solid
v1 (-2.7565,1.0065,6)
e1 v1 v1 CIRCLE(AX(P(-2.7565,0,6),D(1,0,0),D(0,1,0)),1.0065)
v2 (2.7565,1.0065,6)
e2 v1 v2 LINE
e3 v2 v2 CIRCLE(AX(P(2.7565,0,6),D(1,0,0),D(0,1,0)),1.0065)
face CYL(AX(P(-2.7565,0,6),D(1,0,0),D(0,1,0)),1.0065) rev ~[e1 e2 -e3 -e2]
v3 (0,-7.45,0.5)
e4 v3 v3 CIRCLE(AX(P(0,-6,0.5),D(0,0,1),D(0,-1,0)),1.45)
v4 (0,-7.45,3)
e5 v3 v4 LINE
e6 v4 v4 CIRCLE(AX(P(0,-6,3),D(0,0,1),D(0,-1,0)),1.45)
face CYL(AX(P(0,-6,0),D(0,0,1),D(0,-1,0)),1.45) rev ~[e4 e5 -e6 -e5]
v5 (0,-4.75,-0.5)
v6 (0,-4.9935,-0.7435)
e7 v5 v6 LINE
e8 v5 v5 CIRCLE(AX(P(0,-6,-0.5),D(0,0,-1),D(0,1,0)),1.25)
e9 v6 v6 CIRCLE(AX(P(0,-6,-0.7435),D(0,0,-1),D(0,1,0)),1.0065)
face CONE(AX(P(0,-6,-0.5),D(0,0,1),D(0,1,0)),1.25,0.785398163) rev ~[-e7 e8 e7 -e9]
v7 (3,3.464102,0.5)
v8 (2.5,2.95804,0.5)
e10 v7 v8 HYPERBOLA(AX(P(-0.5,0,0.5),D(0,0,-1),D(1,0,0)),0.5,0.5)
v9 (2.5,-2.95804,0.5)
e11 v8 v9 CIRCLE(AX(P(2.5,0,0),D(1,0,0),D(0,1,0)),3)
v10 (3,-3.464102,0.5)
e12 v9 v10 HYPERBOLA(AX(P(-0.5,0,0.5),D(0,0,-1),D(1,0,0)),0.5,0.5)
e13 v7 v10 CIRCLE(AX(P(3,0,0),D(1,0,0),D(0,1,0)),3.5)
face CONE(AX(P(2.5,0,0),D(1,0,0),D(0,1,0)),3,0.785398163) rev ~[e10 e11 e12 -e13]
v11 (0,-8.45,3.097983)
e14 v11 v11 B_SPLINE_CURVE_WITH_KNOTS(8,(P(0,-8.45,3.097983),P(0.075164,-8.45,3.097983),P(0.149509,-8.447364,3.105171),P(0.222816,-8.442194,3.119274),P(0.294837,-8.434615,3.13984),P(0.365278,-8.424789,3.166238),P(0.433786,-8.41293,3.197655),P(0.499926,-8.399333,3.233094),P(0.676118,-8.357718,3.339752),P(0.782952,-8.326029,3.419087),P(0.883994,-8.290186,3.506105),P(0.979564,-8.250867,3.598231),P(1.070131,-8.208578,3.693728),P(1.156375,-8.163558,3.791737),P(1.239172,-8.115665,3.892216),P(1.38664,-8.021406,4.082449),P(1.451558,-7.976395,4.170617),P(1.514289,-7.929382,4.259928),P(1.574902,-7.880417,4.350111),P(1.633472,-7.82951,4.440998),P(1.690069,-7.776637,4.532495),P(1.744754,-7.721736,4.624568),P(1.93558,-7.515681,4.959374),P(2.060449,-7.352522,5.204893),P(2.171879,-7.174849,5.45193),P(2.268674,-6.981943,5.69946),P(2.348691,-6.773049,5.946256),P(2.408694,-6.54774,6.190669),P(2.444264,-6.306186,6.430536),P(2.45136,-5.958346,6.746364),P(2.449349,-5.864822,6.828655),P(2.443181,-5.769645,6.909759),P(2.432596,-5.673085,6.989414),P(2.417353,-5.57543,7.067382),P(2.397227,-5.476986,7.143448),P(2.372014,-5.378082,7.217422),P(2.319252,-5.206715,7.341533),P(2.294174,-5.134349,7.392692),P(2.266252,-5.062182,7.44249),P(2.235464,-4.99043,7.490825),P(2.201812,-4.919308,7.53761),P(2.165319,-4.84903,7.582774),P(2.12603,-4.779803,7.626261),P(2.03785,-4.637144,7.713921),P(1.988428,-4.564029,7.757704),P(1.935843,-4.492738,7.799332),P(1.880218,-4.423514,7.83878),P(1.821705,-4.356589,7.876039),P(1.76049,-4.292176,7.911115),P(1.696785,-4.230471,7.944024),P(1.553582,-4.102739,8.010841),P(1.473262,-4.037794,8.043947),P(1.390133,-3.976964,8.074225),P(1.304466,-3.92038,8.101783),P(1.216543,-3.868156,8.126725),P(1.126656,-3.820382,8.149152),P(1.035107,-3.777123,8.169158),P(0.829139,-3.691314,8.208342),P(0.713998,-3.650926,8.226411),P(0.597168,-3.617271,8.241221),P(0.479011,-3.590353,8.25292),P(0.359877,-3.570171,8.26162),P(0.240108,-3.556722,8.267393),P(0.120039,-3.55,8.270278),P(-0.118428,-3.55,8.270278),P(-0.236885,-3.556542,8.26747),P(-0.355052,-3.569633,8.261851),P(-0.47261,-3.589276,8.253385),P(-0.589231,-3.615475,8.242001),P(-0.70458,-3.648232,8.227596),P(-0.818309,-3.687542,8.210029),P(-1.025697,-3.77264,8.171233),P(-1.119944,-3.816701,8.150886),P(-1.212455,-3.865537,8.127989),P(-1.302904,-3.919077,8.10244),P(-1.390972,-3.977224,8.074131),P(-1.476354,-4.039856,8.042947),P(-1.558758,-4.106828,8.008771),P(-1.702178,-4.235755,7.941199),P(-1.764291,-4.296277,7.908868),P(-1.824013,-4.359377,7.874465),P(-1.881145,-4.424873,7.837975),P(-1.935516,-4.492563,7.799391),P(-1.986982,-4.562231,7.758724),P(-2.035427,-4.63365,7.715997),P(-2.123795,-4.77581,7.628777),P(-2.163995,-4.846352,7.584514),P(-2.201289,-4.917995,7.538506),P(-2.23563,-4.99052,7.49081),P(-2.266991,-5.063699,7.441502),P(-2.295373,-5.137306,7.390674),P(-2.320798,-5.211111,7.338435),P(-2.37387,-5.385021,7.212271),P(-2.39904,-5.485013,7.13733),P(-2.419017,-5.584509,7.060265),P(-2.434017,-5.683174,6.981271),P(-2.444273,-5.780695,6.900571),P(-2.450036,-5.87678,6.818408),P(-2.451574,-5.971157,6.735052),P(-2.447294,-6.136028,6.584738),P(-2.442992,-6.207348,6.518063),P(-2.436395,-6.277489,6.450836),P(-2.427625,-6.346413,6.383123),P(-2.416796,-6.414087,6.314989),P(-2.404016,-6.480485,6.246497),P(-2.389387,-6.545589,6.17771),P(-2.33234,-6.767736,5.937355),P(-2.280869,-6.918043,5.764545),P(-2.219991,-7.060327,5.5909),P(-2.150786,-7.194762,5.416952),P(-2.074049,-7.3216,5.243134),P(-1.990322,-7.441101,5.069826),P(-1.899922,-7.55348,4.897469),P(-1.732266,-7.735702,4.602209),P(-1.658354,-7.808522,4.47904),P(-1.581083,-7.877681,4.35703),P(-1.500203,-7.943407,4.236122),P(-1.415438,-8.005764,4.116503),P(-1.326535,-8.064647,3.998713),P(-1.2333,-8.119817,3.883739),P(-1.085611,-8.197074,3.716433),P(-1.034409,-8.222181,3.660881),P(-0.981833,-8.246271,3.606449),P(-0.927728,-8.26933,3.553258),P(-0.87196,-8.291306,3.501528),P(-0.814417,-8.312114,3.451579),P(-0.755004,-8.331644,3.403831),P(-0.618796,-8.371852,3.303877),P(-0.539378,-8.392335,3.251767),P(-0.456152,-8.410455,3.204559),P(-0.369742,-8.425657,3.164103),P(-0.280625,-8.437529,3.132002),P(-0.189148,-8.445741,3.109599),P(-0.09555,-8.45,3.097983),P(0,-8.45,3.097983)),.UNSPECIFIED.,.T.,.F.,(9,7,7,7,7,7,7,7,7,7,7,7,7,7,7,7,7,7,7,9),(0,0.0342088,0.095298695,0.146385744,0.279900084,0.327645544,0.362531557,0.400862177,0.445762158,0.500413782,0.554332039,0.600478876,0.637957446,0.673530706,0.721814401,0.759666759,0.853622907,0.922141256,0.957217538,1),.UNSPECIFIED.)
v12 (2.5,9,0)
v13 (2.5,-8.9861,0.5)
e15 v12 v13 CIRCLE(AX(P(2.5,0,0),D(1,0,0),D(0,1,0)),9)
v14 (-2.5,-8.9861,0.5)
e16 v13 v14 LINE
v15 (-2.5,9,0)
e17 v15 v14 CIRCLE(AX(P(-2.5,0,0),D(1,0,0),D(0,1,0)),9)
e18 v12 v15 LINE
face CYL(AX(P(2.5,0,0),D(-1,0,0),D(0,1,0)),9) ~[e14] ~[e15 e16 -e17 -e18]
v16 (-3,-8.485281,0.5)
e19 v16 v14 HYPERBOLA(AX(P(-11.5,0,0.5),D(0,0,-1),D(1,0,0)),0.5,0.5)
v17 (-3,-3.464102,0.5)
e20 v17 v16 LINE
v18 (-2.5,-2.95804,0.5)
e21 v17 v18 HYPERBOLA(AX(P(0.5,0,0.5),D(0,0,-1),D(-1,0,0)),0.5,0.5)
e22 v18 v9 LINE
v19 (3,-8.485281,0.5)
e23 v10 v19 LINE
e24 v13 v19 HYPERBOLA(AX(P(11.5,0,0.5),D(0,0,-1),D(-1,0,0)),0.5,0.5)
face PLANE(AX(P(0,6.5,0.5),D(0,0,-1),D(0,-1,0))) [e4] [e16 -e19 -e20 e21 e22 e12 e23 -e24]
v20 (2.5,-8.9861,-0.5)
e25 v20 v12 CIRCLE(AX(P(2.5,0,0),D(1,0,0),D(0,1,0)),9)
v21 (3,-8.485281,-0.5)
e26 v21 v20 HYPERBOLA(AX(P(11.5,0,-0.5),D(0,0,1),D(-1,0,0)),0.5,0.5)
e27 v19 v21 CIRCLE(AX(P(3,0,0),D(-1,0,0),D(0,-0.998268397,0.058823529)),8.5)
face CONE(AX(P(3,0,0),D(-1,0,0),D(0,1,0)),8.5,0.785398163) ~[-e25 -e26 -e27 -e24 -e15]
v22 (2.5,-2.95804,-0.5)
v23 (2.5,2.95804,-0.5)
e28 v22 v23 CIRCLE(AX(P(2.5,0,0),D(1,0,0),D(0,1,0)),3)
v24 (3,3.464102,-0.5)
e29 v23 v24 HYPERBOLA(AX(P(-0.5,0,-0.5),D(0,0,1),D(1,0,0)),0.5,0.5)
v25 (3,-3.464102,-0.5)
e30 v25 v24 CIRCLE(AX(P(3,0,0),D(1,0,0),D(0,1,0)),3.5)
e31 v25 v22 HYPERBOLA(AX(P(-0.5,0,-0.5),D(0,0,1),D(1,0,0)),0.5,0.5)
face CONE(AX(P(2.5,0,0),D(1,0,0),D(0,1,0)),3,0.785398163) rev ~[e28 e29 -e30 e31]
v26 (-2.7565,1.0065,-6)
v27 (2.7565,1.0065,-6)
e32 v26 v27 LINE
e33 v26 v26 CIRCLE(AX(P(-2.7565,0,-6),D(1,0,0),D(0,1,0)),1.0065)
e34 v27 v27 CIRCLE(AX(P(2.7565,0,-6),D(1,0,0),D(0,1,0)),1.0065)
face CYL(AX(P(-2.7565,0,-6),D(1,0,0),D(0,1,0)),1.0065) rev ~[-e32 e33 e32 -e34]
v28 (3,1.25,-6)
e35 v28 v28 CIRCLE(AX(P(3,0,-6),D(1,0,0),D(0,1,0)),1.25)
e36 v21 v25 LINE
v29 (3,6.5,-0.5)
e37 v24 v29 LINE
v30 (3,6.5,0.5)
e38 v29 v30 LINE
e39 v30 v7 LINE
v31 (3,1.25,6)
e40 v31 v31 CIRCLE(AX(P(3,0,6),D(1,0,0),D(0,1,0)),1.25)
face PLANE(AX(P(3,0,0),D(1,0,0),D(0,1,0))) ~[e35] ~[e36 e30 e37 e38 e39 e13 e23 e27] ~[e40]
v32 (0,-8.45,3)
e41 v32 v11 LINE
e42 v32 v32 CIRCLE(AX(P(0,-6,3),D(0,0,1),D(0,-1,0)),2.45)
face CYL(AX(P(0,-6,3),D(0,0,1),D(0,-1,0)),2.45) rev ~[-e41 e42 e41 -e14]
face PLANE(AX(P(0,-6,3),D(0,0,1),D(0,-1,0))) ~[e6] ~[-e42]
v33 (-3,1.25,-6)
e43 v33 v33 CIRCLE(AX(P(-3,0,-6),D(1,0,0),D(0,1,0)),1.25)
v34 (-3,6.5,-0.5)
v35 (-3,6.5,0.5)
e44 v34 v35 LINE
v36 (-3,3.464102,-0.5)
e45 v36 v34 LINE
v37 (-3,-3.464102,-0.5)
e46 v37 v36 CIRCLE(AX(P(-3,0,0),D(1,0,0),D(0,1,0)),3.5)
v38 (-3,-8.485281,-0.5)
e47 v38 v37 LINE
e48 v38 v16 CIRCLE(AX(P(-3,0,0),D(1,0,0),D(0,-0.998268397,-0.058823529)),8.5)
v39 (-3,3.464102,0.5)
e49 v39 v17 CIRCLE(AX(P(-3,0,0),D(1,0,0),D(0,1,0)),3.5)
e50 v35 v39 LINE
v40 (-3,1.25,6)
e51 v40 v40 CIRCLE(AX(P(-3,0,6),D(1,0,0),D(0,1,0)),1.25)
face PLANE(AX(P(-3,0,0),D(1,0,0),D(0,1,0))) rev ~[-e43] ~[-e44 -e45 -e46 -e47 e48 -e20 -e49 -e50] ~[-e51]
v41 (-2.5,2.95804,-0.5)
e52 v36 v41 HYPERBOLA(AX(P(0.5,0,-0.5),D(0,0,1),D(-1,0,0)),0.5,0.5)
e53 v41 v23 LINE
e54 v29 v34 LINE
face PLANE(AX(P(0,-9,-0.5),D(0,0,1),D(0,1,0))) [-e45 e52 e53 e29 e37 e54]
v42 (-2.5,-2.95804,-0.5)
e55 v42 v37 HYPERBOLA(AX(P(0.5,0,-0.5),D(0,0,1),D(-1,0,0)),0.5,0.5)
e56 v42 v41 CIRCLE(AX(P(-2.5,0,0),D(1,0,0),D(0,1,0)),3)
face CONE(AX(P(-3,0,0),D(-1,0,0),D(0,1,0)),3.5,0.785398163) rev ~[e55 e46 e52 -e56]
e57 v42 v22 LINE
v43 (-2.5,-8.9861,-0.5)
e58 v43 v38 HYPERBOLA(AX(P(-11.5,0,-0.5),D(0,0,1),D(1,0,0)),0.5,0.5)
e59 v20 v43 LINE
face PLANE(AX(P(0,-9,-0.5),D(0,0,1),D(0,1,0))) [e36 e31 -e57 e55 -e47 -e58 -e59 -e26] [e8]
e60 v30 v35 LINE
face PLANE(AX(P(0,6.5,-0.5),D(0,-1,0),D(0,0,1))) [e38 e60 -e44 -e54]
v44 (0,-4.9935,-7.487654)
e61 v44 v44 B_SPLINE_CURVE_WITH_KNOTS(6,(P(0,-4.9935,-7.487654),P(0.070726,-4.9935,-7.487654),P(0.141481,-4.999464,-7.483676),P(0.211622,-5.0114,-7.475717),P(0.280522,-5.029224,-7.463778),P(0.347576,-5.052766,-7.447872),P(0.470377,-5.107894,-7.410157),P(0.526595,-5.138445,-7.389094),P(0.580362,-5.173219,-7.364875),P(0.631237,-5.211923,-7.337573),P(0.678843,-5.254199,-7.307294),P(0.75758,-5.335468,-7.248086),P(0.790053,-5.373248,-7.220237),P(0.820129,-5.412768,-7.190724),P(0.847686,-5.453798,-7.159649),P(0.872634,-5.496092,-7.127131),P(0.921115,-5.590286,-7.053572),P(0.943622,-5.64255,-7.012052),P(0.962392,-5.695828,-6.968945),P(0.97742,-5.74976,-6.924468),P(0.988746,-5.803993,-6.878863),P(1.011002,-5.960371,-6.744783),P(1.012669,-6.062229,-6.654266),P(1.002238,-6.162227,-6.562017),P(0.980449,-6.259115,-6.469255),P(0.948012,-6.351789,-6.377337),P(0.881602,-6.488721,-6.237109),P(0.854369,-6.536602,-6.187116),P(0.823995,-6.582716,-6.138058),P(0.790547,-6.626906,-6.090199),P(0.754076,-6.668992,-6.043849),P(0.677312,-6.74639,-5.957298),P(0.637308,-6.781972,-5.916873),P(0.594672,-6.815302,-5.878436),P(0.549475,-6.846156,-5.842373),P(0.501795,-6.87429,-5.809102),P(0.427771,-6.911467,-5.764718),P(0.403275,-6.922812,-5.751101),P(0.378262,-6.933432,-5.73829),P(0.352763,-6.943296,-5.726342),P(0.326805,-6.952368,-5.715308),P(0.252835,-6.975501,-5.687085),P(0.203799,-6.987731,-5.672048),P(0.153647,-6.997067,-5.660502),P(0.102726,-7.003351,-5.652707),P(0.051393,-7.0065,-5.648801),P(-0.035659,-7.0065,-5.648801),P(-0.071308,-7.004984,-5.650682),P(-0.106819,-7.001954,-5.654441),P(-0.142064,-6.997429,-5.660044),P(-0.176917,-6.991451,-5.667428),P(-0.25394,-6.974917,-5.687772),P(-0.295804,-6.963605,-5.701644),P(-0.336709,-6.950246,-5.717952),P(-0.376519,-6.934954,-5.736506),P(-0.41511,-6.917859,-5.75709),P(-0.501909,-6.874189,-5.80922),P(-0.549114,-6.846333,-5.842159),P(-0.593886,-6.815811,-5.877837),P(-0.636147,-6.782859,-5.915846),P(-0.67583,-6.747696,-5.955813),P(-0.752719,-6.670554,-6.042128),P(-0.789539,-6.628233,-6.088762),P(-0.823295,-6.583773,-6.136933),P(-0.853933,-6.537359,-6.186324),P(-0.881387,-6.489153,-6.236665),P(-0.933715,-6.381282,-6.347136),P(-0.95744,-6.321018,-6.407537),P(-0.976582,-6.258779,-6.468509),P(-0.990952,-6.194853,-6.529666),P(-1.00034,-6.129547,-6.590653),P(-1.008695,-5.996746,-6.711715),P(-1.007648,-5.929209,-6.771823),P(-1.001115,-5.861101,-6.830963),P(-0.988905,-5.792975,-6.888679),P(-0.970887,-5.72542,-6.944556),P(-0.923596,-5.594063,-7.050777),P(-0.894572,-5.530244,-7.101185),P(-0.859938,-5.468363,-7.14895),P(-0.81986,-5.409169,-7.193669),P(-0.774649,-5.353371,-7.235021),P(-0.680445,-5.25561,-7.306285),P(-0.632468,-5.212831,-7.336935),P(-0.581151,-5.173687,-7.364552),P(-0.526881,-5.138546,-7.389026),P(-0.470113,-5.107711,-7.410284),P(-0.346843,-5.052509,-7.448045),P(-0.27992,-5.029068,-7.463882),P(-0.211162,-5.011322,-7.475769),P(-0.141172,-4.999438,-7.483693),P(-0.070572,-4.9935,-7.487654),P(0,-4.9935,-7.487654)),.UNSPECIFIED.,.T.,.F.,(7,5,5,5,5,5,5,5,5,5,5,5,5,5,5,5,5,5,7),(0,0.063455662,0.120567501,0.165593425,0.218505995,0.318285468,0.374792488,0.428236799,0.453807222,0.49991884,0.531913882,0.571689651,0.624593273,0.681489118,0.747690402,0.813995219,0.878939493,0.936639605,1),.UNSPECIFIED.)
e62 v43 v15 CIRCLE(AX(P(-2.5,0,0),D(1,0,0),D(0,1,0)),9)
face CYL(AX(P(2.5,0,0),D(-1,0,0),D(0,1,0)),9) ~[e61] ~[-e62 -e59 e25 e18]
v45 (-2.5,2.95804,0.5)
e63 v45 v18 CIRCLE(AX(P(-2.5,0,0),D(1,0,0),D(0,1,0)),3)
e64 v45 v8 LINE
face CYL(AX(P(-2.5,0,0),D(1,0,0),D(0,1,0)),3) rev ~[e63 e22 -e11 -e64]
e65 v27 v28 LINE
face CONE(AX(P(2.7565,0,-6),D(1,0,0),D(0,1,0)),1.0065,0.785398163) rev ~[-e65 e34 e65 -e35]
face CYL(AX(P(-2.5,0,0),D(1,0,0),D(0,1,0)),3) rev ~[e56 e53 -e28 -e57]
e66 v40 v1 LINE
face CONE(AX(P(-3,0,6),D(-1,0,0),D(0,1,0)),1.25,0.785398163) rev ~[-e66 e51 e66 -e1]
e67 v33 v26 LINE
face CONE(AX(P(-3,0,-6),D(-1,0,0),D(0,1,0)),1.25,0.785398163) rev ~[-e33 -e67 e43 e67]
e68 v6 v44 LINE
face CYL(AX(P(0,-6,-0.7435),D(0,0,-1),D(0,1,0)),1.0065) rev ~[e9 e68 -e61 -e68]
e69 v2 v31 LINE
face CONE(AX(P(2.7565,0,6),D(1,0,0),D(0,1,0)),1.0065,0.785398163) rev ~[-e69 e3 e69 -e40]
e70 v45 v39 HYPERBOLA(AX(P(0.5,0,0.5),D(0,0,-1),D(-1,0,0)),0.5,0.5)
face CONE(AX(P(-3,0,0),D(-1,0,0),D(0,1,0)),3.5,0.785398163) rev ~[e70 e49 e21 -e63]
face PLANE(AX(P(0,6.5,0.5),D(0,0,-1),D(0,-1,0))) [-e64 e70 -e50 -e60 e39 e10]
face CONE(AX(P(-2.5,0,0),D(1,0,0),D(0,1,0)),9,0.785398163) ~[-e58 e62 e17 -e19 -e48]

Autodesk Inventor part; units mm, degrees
sketch "Sketch_1" plane through (0, 0, 0) normal (0, 0, 1) x (1, 0, 0)
  line L0 (3, 0) -> (-3, 0)
  line L1 (-3, 8.5) -> (-3, 3.5)
  line L2 (-3, 3.5) -> (-2.5, 3)
  line L3 (-2.5, 3) -> (2.5, 3)
  line L4 (2.5, 3) -> (3, 3.5)
  line L5 (3, 3.5) -> (3, 8.5)
  line L6 (3, 8.5) -> (2.5, 9)
  line L7 (2.5, 9) -> (-2.5, 9)
  line L8 (-2.5, 9) -> (-3, 8.5)
revolve "Revolution1" add sketch "Sketch_1" angle 360 about axis through (3, 0, 0) along (1, 0, 0)
sketch "Sketch_2" plane through (0, 0, 0) normal (1, 0, 0) x (0, 1, 0)
  line L0 (-9, 0.5) -> (-9, -0.5)
  line L1 (-9, -0.5) -> (6.5, -0.5)
  line L2 (6.5, -0.5) -> (6.5, 0.5)
  line L3 (6.5, 0.5) -> (-9, 0.5)
extrude "Extrusion1" cut sketch "Sketch_2" along normal mid plane 6
sketch "Sketch_3" plane through (0, 0, 0) normal (1, 0, 0) x (0, 1, 0)
  line L0 (-6, 9) -> (-6, 0)
  line L1 (-6, 0) -> (-7.45, 0)
  line L2 (-7.45, 0) -> (-7.45, 3)
  line L3 (-7.45, 3) -> (-8.45, 3)
  line L4 (-8.45, 3) -> (-8.45, 9)
  line L5 (-8.45, 9) -> (-6, 9)
  line L6 (-6, 9) -> (-6, 0)
revolve "Revolution2" cut sketch "Sketch_3" angle 360 about axis through (0, -6, 9) along (0, 0, 1)
sketch "Sketch_4" plane through (0, 0, 0) normal (1, 0, 0) x (0, 1, 0)
  line L0 (-6, -9.5) -> (-6, -0.5)
  line L1 (-6, -0.5) -> (-4.75, -0.5)
  line L2 (-4.75, -0.5) -> (-4.9935, -0.7435)
  line L3 (-4.9935, -0.7435) -> (-4.9935, -9.5)
  line L4 (-4.9935, -9.5) -> (-6, -9.5)
  line L5 (-6, -9.5) -> (-6, -0.5)
revolve "Revolution3" cut sketch "Sketch_4" angle 360 about axis through (0, -6, -9.5) along (0, 0, -1)
thread "Thread1" size "M2.5x0.45" class "6H" standard "ISO Metric profile" length 6.9009
sketch "Sketch_7" plane through (0, 0, -6) normal (0, 0, 1) x (1, 0, 0)
  line L0 (3, 0) -> (-3, 0)
  line L1 (-3, 0) -> (-3, 1.25)
  line L2 (-3, 1.25) -> (-2.7565, 1.0065)
  line L3 (-2.7565, 1.0065) -> (2.7565, 1.0065)
  line L4 (2.7565, 1.0065) -> (3, 1.25)
  line L5 (3, 1.25) -> (3, 0)
  line L6 (3, 0) -> (-3, 0)
revolve "Revolution4" cut sketch "Sketch_7" angle 360 about axis through (3, 0, -6) along (1, 0, 0)
thread "Thread2" size "M2.5x0.45" class "6H" standard "ISO Metric profile" full length
sketch "Sketch_8" plane through (0, 0, 6) normal (0, 0, 1) x (1, 0, 0)
  line L0 (3, 0) -> (-3, 0)
  line L1 (-3, 0) -> (-3, 1.25)
  line L2 (-3, 1.25) -> (-2.7565, 1.0065)
  line L3 (-2.7565, 1.0065) -> (2.7565, 1.0065)
  line L4 (2.7565, 1.0065) -> (3, 1.25)
  line L5 (3, 1.25) -> (3, 0)
  line L6 (3, 0) -> (-3, 0)
revolve "Revolution5" cut sketch "Sketch_8" angle 360 about axis through (3, 0, 6) along (1, 0, 0)
thread "Thread3" size "M2.5x0.45" class "6H" standard "ISO Metric profile" full length
ref_plane "body_screw_XY" through (0, -6, 3) normal (0, 0, 1) x (1, 0, 0)
ref_plane "body_screw_YZ" through (0, -6, 3) normal (1, 0, 0) x (0, 1, 0)
ref_plane "body_screw_ZX" through (0, -6, 3) normal (0, 1, 0) x (0, 0, 1)
properties part number "SCSWJ6-6_b"
